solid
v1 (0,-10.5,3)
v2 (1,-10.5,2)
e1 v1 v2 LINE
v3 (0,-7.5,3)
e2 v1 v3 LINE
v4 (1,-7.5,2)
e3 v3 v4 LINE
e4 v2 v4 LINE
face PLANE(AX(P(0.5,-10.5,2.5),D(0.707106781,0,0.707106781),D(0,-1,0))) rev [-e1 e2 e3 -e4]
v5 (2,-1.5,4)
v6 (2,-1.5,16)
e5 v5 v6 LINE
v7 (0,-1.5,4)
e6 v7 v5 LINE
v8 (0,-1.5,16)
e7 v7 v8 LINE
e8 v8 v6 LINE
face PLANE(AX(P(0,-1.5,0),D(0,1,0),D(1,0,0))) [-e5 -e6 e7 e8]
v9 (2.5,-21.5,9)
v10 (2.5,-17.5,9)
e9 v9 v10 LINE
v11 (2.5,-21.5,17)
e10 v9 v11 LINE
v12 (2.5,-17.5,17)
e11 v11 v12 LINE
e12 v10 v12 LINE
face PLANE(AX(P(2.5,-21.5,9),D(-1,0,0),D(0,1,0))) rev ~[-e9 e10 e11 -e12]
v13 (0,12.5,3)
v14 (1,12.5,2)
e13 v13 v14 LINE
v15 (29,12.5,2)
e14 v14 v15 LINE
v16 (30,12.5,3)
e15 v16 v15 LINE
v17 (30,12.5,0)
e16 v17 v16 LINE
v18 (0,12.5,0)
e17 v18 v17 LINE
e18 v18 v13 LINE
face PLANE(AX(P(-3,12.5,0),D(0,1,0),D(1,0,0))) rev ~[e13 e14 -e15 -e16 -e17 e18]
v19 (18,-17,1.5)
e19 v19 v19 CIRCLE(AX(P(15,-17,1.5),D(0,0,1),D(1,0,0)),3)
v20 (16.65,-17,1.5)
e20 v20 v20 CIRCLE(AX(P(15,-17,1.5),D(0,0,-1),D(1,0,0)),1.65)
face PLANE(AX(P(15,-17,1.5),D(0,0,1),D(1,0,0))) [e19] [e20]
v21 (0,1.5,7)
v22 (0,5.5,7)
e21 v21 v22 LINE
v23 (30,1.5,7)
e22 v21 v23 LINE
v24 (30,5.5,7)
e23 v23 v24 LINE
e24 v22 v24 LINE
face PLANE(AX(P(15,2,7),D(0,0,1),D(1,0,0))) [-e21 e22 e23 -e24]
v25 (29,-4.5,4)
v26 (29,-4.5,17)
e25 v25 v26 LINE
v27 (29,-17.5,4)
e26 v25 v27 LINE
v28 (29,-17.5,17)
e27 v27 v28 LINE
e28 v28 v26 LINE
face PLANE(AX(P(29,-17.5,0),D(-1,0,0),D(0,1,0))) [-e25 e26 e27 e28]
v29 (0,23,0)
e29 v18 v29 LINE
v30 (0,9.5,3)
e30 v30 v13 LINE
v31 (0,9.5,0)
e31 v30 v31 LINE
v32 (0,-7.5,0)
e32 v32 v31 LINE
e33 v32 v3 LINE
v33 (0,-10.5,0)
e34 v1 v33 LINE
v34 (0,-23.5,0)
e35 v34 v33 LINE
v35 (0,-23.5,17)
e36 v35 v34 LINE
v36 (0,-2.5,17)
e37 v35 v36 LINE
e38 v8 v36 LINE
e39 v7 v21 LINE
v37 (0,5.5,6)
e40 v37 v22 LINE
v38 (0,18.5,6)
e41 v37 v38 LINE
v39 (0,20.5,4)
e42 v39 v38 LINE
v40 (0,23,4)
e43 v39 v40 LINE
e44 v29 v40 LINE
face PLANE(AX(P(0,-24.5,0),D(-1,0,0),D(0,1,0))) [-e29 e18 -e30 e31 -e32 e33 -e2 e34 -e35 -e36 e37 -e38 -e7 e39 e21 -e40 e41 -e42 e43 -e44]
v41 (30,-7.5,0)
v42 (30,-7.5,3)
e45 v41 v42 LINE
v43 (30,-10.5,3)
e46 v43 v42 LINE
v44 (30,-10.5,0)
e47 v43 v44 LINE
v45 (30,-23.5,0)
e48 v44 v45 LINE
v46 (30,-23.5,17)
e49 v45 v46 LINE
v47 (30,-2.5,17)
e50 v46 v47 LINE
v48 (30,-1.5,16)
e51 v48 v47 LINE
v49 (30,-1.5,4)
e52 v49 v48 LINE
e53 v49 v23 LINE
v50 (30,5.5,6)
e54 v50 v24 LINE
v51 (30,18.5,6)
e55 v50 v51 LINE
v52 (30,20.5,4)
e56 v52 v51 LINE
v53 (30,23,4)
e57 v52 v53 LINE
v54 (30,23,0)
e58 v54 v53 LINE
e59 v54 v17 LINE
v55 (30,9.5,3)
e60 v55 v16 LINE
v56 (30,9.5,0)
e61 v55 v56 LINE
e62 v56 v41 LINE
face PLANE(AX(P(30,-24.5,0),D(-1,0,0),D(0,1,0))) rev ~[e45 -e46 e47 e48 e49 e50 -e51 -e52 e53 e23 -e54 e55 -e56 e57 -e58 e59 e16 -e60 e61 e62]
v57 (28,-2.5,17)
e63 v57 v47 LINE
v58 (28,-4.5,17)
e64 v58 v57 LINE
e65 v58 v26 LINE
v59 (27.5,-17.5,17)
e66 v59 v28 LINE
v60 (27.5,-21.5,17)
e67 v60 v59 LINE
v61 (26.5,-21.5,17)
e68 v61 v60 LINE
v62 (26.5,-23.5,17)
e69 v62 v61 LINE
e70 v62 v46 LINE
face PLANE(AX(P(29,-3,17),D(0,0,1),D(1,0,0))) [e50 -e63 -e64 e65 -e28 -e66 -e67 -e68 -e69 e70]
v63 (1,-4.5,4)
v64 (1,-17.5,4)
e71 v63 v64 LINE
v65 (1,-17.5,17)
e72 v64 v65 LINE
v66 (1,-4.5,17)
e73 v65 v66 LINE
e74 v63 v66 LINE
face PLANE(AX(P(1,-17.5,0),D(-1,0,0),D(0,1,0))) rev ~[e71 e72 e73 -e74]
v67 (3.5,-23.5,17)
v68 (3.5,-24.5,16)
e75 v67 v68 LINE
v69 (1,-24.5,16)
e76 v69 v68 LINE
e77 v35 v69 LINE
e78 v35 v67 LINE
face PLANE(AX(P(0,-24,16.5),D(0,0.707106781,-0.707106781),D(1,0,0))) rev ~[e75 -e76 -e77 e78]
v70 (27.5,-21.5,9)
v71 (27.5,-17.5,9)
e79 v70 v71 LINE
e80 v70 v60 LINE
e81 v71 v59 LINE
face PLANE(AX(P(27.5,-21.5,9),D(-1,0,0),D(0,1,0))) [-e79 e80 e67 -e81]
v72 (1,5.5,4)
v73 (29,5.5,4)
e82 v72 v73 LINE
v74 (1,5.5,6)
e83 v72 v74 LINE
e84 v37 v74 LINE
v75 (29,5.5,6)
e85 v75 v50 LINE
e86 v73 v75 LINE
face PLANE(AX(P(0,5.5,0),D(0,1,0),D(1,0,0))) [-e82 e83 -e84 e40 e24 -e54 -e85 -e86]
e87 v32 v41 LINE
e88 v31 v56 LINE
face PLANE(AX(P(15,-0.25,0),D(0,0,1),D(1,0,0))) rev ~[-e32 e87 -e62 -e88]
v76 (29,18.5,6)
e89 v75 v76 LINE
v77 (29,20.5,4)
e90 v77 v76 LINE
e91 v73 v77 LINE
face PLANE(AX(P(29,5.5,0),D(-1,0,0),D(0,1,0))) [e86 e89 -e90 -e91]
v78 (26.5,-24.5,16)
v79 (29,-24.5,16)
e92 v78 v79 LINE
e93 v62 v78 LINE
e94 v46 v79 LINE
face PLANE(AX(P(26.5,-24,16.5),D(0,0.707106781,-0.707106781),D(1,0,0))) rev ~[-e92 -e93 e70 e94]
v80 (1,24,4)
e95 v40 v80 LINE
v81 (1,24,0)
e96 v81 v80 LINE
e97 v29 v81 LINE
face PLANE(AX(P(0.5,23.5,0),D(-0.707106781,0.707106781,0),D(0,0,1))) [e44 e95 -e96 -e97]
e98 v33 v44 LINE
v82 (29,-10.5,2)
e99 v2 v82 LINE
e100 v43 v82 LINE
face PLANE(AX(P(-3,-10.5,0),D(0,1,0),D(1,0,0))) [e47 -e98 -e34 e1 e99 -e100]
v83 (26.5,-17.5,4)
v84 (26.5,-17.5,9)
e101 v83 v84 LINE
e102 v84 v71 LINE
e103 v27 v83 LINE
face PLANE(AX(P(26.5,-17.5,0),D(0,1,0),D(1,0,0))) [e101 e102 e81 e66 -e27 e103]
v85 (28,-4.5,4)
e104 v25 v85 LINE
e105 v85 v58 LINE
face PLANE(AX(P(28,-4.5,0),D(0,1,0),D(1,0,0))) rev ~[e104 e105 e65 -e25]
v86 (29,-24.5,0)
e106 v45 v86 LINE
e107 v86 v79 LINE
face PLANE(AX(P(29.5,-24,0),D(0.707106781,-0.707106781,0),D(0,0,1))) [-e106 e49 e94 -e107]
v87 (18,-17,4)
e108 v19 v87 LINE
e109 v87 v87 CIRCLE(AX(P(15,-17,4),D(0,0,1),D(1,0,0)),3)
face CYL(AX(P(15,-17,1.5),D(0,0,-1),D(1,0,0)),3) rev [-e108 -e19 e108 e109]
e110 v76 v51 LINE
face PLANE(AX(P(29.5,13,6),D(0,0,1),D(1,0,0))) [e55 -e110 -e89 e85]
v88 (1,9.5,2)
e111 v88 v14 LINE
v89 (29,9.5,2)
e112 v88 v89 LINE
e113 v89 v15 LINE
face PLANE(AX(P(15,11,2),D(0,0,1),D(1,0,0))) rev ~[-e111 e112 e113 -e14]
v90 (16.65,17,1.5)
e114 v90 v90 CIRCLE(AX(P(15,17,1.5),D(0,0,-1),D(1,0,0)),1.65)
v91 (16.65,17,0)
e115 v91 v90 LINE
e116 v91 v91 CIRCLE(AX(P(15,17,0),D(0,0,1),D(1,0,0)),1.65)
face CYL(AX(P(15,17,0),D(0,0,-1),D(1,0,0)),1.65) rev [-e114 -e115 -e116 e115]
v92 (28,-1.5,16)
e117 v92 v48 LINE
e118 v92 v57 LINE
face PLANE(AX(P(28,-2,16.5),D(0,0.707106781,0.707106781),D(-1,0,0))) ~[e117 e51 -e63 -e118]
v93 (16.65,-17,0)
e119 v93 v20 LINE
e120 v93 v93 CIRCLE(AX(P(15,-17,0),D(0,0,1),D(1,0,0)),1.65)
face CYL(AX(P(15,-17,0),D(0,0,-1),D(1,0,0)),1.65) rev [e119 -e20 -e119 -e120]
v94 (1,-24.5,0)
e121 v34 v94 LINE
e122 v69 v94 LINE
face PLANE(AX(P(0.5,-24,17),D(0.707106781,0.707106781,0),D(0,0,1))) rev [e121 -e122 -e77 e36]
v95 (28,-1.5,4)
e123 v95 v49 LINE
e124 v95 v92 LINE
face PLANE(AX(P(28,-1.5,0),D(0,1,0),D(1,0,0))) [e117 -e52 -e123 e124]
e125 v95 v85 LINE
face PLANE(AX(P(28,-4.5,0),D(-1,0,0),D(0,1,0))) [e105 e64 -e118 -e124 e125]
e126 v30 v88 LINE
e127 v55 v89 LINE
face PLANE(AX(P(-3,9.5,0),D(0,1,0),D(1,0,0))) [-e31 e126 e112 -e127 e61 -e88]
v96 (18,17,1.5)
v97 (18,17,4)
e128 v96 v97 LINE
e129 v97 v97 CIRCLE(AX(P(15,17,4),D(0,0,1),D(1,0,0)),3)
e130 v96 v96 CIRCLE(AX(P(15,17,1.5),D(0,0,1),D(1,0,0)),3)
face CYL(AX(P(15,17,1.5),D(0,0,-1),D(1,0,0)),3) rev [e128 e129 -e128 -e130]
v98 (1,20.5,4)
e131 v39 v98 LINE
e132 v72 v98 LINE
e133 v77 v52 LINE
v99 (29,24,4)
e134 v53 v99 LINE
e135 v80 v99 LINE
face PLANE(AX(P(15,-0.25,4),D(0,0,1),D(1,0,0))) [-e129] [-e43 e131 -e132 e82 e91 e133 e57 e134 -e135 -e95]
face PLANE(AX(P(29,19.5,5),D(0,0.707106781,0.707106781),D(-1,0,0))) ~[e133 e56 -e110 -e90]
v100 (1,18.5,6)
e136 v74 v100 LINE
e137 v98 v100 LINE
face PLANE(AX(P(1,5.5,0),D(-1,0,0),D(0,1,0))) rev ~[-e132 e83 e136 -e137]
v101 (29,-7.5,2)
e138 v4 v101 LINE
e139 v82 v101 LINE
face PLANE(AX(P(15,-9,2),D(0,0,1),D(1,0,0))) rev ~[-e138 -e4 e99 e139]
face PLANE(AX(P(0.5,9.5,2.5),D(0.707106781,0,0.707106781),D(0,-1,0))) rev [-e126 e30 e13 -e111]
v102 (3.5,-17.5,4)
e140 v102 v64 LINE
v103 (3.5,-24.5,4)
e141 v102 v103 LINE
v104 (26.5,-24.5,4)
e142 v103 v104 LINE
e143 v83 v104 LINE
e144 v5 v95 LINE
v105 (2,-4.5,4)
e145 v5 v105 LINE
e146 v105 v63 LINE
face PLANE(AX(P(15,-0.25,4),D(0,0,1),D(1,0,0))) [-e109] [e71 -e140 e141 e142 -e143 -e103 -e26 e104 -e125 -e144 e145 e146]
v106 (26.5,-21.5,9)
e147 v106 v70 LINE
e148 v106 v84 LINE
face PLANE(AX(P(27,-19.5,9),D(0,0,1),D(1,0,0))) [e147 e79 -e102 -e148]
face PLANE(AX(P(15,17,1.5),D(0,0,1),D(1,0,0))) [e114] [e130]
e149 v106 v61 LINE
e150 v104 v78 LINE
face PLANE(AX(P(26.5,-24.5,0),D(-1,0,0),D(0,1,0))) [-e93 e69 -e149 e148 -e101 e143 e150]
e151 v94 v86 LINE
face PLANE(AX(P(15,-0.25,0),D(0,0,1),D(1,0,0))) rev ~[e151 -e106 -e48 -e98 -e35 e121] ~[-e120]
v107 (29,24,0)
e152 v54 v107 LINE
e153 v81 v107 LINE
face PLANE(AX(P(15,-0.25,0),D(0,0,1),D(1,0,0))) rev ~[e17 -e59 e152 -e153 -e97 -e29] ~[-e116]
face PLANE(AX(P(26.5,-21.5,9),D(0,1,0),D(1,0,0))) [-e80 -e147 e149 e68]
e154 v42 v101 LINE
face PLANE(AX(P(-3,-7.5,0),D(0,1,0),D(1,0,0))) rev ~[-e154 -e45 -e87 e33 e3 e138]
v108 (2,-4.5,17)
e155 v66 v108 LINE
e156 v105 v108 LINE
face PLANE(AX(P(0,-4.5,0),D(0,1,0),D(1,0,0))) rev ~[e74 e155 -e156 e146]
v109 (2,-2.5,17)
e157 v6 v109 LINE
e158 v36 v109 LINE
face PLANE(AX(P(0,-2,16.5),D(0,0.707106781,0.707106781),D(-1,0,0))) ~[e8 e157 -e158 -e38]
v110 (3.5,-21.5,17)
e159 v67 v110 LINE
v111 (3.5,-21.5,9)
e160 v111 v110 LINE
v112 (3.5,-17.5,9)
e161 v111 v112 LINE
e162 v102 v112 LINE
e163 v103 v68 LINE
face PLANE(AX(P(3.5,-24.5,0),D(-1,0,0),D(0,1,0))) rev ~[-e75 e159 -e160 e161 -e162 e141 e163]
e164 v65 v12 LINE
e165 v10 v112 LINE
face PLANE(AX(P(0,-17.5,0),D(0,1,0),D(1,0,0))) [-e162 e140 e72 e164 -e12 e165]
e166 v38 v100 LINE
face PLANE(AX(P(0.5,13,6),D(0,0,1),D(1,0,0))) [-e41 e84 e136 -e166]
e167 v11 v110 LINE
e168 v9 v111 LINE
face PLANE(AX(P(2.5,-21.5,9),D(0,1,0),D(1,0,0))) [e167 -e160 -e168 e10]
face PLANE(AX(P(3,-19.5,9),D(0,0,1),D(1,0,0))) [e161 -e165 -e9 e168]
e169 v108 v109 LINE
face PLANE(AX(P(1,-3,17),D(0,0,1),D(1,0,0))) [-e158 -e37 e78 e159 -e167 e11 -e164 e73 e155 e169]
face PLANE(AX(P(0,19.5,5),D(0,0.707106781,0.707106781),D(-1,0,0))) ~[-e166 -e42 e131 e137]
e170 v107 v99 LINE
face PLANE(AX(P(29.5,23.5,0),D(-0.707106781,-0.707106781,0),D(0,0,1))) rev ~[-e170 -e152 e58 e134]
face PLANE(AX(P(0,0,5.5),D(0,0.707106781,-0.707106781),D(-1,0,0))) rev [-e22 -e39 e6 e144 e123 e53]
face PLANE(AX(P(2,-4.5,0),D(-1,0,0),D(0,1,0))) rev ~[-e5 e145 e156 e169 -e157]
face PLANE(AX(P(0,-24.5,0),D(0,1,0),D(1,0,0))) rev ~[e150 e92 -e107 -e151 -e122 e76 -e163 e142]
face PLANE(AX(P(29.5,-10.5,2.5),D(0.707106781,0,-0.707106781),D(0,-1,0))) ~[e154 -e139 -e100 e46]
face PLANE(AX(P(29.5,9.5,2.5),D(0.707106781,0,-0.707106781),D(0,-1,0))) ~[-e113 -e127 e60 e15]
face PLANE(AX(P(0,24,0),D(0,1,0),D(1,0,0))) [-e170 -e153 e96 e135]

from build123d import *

# Parameters (mm, degrees)
BOX012_W          = 36
BOX012_H          = 3
BOX012_DEPTH      = 2
BOX011_W          = 36
BOX011_H          = 3
BOX011_DEPTH      = 2
BOX015_W          = 1
BOX015_H          = 15
BOX015_DEPTH      = 6
CHAMFER003_SIZE   = 2
BOX013_W          = 30
BOX013_H          = 7
BOX013_DEPTH      = 7
CHAMFER002_SIZE   = 3
CYLINDER004_R     = 3
CYLINDER004_DEPTH = 2.5
CYLINDER006_R     = 1.65
CYLINDER006_DEPTH = 10
CYLINDER007_R     = 1.65
CYLINDER007_DEPTH = 10
CYLINDER005_R     = 3
CYLINDER005_DEPTH = 2.5
BOX_W             = 30
BOX_H             = 48.5
BOX_DEPTH         = 4
BOX006_W          = 1
BOX006_H          = 13
BOX006_DEPTH      = 17
BOX008_W          = 2
BOX008_H          = 3
BOX008_DEPTH      = 17
BOX010_W          = 1
BOX010_H          = 4
BOX010_DEPTH      = 8
BOX004_W          = 3.5
BOX004_H          = 7
BOX004_DEPTH      = 17
BOX005_W          = 1
BOX005_H          = 13
BOX005_DEPTH      = 17
BOX007_W          = 2
BOX007_H          = 3
BOX007_DEPTH      = 17
BOX009_W          = 1
BOX009_H          = 4
BOX009_DEPTH      = 8
BOX003_W          = 3.5
BOX003_H          = 7
BOX003_DEPTH      = 17
BOX014_W          = 1
BOX014_H          = 15
BOX014_DEPTH      = 6
CHAMFER004_SIZE   = 2
CHAMFER005_SIZE   = 1
CHAMFER006_SIZE   = 1


with BuildPart() as cube012:
    # Box012 → Box012 (new body)
    with BuildSketch(Plane(origin=(-3, 9.5, 0), x_dir=(1, 0, 0), z_dir=(0, 0, 1))):
        with Locations((18, 1.5)):
            Rectangle(BOX012_W, BOX012_H)
    extrude(amount=BOX012_DEPTH)


with BuildPart() as fusion003:
    # Box011 → Box011 (new body)
    with BuildSketch(Plane(origin=(-3, -10.5, 0), x_dir=(1, 0, 0), z_dir=(0, 0, 1))):
        with Locations((18, 1.5)):
            Rectangle(BOX011_W, BOX011_H)
    extrude(amount=BOX011_DEPTH)

    # Fusion003: union Cube012
    add(cube012.part)


with BuildPart() as chamfer003:
    # Box015 → Box015 (new body)
    with BuildSketch(Plane(origin=(29, 5.5, 0), x_dir=(1, 0, 0), z_dir=(0, 0, 1))):
        with Locations((0.5, 7.5)):
            Rectangle(BOX015_W, BOX015_H)
    extrude(amount=BOX015_DEPTH)

    # Chamfer003
    chamfer003_edges = [chamfer003.edges().sort_by_distance(p)[0] for p in [
        (29.5, 20.5, 6),
    ]]
    chamfer(chamfer003_edges, length=CHAMFER003_SIZE)


with BuildPart() as chamfer002:
    # Box013 → Box013 (new body)
    with BuildSketch(Plane(origin=(0, -1.5, 0), x_dir=(1, 0, 0), z_dir=(0, 0, 1))):
        with Locations((15, 3.5)):
            Rectangle(BOX013_W, BOX013_H)
    extrude(amount=BOX013_DEPTH)

    # Chamfer002
    chamfer002_edges = [chamfer002.edges().sort_by_distance(p)[0] for p in [
        (15, -1.5, 7),
    ]]
    chamfer(chamfer002_edges, length=CHAMFER002_SIZE)


with BuildPart() as cylinder004:
    # Cylinder004 → Cylinder004 (new body)
    with BuildSketch(Plane(origin=(15, 17, 1.5), x_dir=(1, 0, 0), z_dir=(0, 0, 1))):
        Circle(CYLINDER004_R)
    extrude(amount=CYLINDER004_DEPTH)


with BuildPart() as cylinder006:
    # Cylinder006 → Cylinder006 (new body)
    with BuildSketch(Plane(origin=(15, -17, 0), x_dir=(1, 0, 0), z_dir=(0, 0, 1))):
        Circle(CYLINDER006_R)
    extrude(amount=CYLINDER006_DEPTH)


with BuildPart() as cylinder007:
    # Cylinder007 → Cylinder007 (new body)
    with BuildSketch(Plane(origin=(15, 17, 0), x_dir=(1, 0, 0), z_dir=(0, 0, 1))):
        Circle(CYLINDER007_R)
    extrude(amount=CYLINDER007_DEPTH)


with BuildPart() as fusion002:
    # Cylinder005 → Cylinder005 (new body)
    with BuildSketch(Plane(origin=(15, -17, 1.5), x_dir=(1, 0, 0), z_dir=(0, 0, 1))):
        Circle(CYLINDER005_R)
    extrude(amount=CYLINDER005_DEPTH)

    # Fusion002: union Cylinder004, Cylinder006, Cylinder007
    add(cylinder004.part)
    add(cylinder006.part)
    add(cylinder007.part)


with BuildPart() as cut008:
    # Box → Box (new body)
    with BuildSketch(Plane(origin=(0, -24.5, 0), x_dir=(1, 0, 0), z_dir=(0, 0, 1))):
        with Locations((15, 24.25)):
            Rectangle(BOX_W, BOX_H)
    extrude(amount=BOX_DEPTH)

    # Cut008: cut Fusion002
    add(fusion002.part, mode=Mode.SUBTRACT)


with BuildPart() as cube006:
    # Box006 → Box006 (new body)
    with BuildSketch(Plane(origin=(29, -17.5, 0), x_dir=(1, 0, 0), z_dir=(0, 0, 1))):
        with Locations((0.5, 6.5)):
            Rectangle(BOX006_W, BOX006_H)
    extrude(amount=BOX006_DEPTH)


with BuildPart() as cube008:
    # Box008 → Box008 (new body)
    with BuildSketch(Plane(origin=(28, -4.5, 0), x_dir=(1, 0, 0), z_dir=(0, 0, 1))):
        with Locations((1, 1.5)):
            Rectangle(BOX008_W, BOX008_H)
    extrude(amount=BOX008_DEPTH)


with BuildPart() as cube010:
    # Box010 → Box010 (new body)
    with BuildSketch(Plane(origin=(26.5, -21.5, 9), x_dir=(1, 0, 0), z_dir=(0, 0, 1))):
        with Locations((0.5, 2)):
            Rectangle(BOX010_W, BOX010_H)
    extrude(amount=BOX010_DEPTH)


with BuildPart() as fusion001:
    # Box004 → Box004 (new body)
    with BuildSketch(Plane(origin=(26.5, -24.5, 0), x_dir=(1, 0, 0), z_dir=(0, 0, 1))):
        with Locations((1.75, 3.5)):
            Rectangle(BOX004_W, BOX004_H)
    extrude(amount=BOX004_DEPTH)

    # Cut006: cut Cube010
    add(cube010.part, mode=Mode.SUBTRACT)

    # Fusion001: union Cube006, Cube008
    add(cube006.part)
    add(cube008.part)


with BuildPart() as cube005:
    # Box005 → Box005 (new body)
    with BuildSketch(Plane(origin=(0, -17.5, 0), x_dir=(1, 0, 0), z_dir=(0, 0, 1))):
        with Locations((0.5, 6.5)):
            Rectangle(BOX005_W, BOX005_H)
    extrude(amount=BOX005_DEPTH)


with BuildPart() as cube007:
    # Box007 → Box007 (new body)
    with BuildSketch(Plane(origin=(0, -4.5, 0), x_dir=(1, 0, 0), z_dir=(0, 0, 1))):
        with Locations((1, 1.5)):
            Rectangle(BOX007_W, BOX007_H)
    extrude(amount=BOX007_DEPTH)


with BuildPart() as cube009:
    # Box009 → Box009 (new body)
    with BuildSketch(Plane(origin=(2.5, -21.5, 9), x_dir=(1, 0, 0), z_dir=(0, 0, 1))):
        with Locations((0.5, 2)):
            Rectangle(BOX009_W, BOX009_H)
    extrude(amount=BOX009_DEPTH)


with BuildPart() as fusion:
    # Box003 → Box003 (new body)
    with BuildSketch(Plane(origin=(0, -24.5, 0), x_dir=(1, 0, 0), z_dir=(0, 0, 1))):
        with Locations((1.75, 3.5)):
            Rectangle(BOX003_W, BOX003_H)
    extrude(amount=BOX003_DEPTH)

    # Cut007: cut Cube009
    add(cube009.part, mode=Mode.SUBTRACT)

    # Fusion: union Cube005, Cube007
    add(cube005.part)
    add(cube007.part)


with BuildPart() as chamfer006:
    # Box014 → Box014 (new body)
    with BuildSketch(Plane(origin=(0, 5.5, 0), x_dir=(1, 0, 0), z_dir=(0, 0, 1))):
        with Locations((0.5, 7.5)):
            Rectangle(BOX014_W, BOX014_H)
    extrude(amount=BOX014_DEPTH)

    # Chamfer004
    chamfer004_edges = [chamfer006.edges().sort_by_distance(p)[0] for p in [
        (0.5, 20.5, 6),
    ]]
    chamfer(chamfer004_edges, length=CHAMFER004_SIZE)

    # Fusion004: union Chamfer003, Chamfer002, Cut008, Fusion001, Fusion
    add(chamfer003.part)
    add(chamfer002.part)
    add(cut008.part)
    add(fusion001.part)
    add(fusion.part)

    # Cut009: cut Fusion003
    add(fusion003.part, mode=Mode.SUBTRACT)

    # Chamfer005
    chamfer005_edges = [chamfer006.edges().sort_by_distance(p)[0] for p in [
        (0, 11, 2),
        (30, 11, 2),
        (0, -9, 2),
        (30, -9, 2),
    ]]
    chamfer(chamfer005_edges, length=CHAMFER005_SIZE)

    # Chamfer006
    chamfer006_edges = [chamfer006.edges().sort_by_distance(p)[0] for p in [
        (0, 24, 2),
        (30, 24, 2),
        (1, -1.5, 17),
        (29, -1.5, 17),
        (0, -24.5, 2),
        (0, -24.5, 10.5),
        (30, -24.5, 2),
        (28.25, -24.5, 17),
        (30, -24.5, 10.5),
        (1.75, -24.5, 17),
    ]]
    chamfer(chamfer006_edges, length=CHAMFER006_SIZE)


solid = chamfer006.part
